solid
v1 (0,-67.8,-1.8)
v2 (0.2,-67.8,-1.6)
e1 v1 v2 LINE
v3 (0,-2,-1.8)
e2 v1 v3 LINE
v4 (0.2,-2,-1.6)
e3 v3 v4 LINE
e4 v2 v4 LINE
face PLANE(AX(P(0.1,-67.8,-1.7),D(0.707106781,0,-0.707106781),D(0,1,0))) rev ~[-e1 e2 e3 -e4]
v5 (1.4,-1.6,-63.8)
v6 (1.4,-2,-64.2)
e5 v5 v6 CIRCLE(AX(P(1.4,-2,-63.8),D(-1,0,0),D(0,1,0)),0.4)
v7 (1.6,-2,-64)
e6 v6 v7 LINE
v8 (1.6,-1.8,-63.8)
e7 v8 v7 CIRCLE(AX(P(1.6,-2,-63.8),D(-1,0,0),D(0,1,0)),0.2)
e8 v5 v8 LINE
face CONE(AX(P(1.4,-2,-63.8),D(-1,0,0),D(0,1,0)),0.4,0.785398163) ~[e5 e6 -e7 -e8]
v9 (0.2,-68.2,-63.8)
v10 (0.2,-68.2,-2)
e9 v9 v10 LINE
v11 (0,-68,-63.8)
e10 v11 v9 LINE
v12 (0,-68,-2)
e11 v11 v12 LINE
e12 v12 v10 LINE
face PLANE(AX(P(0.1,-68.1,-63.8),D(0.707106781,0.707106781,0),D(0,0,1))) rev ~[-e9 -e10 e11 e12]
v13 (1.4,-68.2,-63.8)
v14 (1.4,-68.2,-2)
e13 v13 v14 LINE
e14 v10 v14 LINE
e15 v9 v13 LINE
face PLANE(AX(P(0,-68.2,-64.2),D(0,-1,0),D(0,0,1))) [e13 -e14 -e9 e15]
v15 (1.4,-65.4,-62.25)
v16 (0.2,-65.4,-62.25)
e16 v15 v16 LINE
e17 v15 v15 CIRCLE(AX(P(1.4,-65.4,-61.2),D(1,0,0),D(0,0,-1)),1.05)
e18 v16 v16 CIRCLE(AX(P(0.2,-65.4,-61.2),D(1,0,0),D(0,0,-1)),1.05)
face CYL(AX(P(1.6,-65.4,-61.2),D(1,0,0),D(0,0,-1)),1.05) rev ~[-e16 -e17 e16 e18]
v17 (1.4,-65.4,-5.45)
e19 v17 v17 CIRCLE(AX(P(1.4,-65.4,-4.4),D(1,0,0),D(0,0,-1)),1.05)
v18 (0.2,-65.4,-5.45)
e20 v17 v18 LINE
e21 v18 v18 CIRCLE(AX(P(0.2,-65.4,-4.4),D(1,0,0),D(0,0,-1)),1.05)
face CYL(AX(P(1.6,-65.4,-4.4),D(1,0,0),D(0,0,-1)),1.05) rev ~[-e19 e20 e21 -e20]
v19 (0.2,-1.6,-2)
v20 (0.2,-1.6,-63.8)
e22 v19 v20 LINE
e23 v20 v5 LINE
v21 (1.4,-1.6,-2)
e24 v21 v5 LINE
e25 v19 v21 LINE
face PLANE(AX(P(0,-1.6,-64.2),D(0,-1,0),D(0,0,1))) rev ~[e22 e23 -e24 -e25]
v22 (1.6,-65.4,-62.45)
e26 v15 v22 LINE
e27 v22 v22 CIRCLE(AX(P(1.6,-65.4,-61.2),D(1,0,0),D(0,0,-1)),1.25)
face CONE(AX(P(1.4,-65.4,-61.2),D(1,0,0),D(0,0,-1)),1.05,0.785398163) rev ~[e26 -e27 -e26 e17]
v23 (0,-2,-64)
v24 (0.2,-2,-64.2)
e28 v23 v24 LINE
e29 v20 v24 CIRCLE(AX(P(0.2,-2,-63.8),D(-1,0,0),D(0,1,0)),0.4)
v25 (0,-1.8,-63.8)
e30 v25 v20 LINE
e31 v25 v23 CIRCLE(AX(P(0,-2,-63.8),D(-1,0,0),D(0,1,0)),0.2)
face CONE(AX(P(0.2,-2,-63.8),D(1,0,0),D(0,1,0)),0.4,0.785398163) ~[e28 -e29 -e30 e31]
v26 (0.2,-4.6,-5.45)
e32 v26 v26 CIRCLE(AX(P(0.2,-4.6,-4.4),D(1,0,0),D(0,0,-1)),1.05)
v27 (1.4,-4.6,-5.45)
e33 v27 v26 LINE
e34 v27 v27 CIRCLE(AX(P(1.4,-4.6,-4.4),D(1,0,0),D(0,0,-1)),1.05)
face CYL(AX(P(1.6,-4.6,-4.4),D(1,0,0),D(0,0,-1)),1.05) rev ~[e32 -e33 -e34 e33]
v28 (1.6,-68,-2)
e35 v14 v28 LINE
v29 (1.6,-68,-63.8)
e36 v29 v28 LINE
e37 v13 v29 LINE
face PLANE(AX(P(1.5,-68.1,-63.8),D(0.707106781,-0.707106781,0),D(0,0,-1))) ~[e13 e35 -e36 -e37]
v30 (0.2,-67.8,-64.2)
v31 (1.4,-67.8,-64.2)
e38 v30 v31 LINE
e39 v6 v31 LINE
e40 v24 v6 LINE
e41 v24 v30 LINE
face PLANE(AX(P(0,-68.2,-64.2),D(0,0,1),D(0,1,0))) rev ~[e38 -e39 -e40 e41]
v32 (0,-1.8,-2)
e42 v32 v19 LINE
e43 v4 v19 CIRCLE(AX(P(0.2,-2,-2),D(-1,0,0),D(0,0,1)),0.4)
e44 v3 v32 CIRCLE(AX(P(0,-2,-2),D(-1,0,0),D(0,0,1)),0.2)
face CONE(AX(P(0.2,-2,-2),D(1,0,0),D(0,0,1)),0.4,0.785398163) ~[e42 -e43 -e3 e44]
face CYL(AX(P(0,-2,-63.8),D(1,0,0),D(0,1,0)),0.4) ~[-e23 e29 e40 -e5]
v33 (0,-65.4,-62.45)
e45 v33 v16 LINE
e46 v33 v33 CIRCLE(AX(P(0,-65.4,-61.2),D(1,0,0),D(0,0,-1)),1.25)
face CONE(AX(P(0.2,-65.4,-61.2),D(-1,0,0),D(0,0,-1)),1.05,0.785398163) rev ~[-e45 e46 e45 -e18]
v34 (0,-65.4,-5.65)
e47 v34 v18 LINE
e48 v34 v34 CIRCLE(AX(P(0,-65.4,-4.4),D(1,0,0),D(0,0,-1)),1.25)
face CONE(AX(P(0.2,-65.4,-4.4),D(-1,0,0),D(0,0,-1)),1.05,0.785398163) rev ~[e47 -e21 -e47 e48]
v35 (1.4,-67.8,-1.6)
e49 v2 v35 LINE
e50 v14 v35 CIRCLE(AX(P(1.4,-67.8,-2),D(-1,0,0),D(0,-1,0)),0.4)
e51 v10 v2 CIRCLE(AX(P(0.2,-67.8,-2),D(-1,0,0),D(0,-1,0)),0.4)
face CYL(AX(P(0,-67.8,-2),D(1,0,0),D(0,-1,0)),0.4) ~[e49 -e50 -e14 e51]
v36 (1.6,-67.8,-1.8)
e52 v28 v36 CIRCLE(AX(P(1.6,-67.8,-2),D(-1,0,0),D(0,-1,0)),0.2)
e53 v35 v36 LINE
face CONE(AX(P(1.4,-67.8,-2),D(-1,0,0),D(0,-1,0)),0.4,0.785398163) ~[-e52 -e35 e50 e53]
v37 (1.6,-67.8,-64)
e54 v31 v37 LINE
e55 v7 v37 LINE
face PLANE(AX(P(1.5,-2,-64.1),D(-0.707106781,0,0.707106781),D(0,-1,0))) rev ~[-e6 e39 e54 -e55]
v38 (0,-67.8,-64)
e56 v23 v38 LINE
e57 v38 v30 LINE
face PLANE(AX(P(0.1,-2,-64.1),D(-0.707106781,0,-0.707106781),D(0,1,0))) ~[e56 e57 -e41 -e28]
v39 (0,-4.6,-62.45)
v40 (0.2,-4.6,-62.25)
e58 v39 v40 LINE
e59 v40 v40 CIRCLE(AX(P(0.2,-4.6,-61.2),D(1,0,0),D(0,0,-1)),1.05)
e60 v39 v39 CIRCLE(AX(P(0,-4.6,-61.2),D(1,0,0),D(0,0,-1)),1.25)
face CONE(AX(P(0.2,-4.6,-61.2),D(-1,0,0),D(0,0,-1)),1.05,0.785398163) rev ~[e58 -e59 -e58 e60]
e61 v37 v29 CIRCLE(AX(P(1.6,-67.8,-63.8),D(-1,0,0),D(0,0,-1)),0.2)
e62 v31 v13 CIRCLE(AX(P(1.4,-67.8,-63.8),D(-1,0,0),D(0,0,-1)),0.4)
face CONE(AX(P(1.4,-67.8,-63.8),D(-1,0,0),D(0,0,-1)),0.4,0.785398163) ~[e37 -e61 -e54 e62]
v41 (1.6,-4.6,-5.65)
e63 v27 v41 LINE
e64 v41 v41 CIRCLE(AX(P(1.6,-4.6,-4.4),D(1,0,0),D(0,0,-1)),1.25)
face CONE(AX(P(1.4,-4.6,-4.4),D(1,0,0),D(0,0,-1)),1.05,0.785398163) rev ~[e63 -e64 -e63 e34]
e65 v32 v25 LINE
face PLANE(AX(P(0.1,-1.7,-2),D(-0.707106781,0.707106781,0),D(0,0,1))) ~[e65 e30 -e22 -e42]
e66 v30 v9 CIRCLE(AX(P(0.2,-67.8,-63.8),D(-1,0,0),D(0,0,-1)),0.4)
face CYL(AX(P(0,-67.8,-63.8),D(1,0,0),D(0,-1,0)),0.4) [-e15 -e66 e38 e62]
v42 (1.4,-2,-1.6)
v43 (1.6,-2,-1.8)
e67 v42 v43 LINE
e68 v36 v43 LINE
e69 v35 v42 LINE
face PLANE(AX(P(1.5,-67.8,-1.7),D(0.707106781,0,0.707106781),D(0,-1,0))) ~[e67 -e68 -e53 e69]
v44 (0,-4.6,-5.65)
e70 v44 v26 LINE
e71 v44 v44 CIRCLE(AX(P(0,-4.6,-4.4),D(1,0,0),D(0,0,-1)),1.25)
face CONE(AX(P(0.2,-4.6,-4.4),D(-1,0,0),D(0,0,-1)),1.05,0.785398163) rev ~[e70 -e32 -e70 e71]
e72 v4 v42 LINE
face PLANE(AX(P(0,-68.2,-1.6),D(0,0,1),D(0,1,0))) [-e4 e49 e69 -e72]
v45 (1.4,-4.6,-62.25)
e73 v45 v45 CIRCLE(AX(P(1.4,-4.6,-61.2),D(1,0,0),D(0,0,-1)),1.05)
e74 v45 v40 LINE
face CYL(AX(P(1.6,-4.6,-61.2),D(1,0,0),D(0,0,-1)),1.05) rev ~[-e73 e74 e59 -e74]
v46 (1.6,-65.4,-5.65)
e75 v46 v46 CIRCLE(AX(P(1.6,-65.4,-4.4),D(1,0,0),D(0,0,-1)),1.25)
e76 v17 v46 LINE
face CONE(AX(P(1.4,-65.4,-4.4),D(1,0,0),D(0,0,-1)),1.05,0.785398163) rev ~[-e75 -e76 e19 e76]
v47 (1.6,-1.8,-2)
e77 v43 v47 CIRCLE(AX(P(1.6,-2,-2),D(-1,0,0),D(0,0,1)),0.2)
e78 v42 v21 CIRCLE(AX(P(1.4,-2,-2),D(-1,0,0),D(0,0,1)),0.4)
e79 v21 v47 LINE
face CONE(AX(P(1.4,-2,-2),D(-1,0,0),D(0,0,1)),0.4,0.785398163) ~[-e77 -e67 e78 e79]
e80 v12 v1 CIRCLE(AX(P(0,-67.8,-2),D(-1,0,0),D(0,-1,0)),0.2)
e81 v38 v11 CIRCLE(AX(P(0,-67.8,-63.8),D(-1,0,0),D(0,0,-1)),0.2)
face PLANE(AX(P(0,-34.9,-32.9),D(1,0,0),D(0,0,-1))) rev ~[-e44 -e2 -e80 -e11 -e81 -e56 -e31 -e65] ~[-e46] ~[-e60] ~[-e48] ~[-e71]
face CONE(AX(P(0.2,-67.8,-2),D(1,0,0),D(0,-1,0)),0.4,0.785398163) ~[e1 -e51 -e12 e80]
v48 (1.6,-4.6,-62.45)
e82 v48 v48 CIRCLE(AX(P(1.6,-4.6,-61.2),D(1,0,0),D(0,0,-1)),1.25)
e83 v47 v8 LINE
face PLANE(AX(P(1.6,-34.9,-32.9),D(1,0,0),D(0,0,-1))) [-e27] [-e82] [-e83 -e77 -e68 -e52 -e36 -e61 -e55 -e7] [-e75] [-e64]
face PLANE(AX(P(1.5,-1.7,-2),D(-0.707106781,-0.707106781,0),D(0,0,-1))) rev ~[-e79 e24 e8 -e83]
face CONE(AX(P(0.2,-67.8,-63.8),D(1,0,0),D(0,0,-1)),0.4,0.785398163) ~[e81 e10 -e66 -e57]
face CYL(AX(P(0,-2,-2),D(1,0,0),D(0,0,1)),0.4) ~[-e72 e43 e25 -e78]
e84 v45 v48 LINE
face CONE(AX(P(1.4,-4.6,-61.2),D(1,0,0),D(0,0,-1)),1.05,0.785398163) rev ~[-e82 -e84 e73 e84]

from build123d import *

# Parameters (mm, degrees)
SKETCH_1_W          = 65.8
SKETCH_1_H          = 69.8
EXTRUDE_1_DEPTH     = 1.6
SKETCH_2_R          = 1.05
CUT_EXTRUDE_1_DEPTH = 1.6
SKETCH_5_W          = 65.8
SKETCH_5_H          = 69.8
SKETCH_5_W_2        = 62.6
SKETCH_5_H_2        = 66.6
CUT_EXTRUDE_2_DEPTH = 1.6
FILLET_2_R          = 0.4
CHAMFER_1_SIZE      = 0.2


with BuildPart() as part:
    # 草图1 → 凸台-拉伸1 (new body)
    with BuildSketch(Plane(origin=(0, 0, 0), x_dir=(0, 0, -1), z_dir=(1, 0, 0))):
        with Locations((32.9, -34.9)):
            Rectangle(SKETCH_1_W, SKETCH_1_H)
    extrude(amount=EXTRUDE_1_DEPTH)

    # 草图2 → 切除-拉伸1 (cut)
    with BuildSketch(Plane(origin=(1.6, 0, 0), x_dir=(0, 0, -1), z_dir=(1, 0, 0))):
        with Locations((61.2, -4.6)):
            Circle(SKETCH_2_R)
        with Locations((4.4, -4.6)):
            Circle(SKETCH_2_R)
        with Locations((4.4, -65.4)):
            Circle(SKETCH_2_R)
        with Locations((61.2, -65.4)):
            Circle(SKETCH_2_R)
    extrude(amount=-CUT_EXTRUDE_1_DEPTH, mode=Mode.SUBTRACT)

    # 草图5 → 切除-拉伸2 (cut)
    with BuildSketch(Plane.ZY):
        with Locations((-32.9, -34.9)):
            Rectangle(SKETCH_5_W, SKETCH_5_H)
        with Locations((-32.9, -34.9)):
            Rectangle(SKETCH_5_W_2, SKETCH_5_H_2, mode=Mode.SUBTRACT)
    extrude(amount=-CUT_EXTRUDE_2_DEPTH, mode=Mode.SUBTRACT)

    # 圆角2
    fillet_2_edges = [part.edges().sort_by_distance(p)[0] for p in [
        (0.8, -1.6, -1.6),
        (0.8, -68.2, -1.6),
        (0.8, -68.2, -64.2),
        (0.8, -1.6, -64.2),
    ]]
    fillet(fillet_2_edges, radius=FILLET_2_R)

    # 倒角1
    chamfer_1_edges = [part.edges().sort_by_distance(p)[0] for p in [
        (0, -65.4, -60.15),
        (1.6, -65.4, -60.15),
        (0, -65.4, -3.35),
        (1.6, -65.4, -3.35),
        (0, -4.6, -3.35),
        (1.6, -4.6, -3.35),
        (0, -4.6, -60.15),
        (1.6, -4.6, -60.15),
        (0, -34.9, -1.6),
        (1.6, -34.9, -1.6),
        (0, -1.6, -32.9),
        (0, -34.9, -64.2),
        (0, -68.2, -32.9),
        (0, -1.717157288, -64.082842712),
        (0, -68.082842712, -64.082842712),
        (0, -68.082842712, -1.717157288),
        (0, -1.717157288, -1.717157288),
        (1.6, -1.6, -32.9),
        (1.6, -34.9, -64.2),
        (1.6, -68.2, -32.9),
        (1.6, -1.717157288, -64.082842712),
        (1.6, -68.082842712, -64.082842712),
        (1.6, -68.082842712, -1.717157288),
        (1.6, -1.717157288, -1.717157288),
    ]]
    chamfer(chamfer_1_edges, length=CHAMFER_1_SIZE)


solid = part.part
